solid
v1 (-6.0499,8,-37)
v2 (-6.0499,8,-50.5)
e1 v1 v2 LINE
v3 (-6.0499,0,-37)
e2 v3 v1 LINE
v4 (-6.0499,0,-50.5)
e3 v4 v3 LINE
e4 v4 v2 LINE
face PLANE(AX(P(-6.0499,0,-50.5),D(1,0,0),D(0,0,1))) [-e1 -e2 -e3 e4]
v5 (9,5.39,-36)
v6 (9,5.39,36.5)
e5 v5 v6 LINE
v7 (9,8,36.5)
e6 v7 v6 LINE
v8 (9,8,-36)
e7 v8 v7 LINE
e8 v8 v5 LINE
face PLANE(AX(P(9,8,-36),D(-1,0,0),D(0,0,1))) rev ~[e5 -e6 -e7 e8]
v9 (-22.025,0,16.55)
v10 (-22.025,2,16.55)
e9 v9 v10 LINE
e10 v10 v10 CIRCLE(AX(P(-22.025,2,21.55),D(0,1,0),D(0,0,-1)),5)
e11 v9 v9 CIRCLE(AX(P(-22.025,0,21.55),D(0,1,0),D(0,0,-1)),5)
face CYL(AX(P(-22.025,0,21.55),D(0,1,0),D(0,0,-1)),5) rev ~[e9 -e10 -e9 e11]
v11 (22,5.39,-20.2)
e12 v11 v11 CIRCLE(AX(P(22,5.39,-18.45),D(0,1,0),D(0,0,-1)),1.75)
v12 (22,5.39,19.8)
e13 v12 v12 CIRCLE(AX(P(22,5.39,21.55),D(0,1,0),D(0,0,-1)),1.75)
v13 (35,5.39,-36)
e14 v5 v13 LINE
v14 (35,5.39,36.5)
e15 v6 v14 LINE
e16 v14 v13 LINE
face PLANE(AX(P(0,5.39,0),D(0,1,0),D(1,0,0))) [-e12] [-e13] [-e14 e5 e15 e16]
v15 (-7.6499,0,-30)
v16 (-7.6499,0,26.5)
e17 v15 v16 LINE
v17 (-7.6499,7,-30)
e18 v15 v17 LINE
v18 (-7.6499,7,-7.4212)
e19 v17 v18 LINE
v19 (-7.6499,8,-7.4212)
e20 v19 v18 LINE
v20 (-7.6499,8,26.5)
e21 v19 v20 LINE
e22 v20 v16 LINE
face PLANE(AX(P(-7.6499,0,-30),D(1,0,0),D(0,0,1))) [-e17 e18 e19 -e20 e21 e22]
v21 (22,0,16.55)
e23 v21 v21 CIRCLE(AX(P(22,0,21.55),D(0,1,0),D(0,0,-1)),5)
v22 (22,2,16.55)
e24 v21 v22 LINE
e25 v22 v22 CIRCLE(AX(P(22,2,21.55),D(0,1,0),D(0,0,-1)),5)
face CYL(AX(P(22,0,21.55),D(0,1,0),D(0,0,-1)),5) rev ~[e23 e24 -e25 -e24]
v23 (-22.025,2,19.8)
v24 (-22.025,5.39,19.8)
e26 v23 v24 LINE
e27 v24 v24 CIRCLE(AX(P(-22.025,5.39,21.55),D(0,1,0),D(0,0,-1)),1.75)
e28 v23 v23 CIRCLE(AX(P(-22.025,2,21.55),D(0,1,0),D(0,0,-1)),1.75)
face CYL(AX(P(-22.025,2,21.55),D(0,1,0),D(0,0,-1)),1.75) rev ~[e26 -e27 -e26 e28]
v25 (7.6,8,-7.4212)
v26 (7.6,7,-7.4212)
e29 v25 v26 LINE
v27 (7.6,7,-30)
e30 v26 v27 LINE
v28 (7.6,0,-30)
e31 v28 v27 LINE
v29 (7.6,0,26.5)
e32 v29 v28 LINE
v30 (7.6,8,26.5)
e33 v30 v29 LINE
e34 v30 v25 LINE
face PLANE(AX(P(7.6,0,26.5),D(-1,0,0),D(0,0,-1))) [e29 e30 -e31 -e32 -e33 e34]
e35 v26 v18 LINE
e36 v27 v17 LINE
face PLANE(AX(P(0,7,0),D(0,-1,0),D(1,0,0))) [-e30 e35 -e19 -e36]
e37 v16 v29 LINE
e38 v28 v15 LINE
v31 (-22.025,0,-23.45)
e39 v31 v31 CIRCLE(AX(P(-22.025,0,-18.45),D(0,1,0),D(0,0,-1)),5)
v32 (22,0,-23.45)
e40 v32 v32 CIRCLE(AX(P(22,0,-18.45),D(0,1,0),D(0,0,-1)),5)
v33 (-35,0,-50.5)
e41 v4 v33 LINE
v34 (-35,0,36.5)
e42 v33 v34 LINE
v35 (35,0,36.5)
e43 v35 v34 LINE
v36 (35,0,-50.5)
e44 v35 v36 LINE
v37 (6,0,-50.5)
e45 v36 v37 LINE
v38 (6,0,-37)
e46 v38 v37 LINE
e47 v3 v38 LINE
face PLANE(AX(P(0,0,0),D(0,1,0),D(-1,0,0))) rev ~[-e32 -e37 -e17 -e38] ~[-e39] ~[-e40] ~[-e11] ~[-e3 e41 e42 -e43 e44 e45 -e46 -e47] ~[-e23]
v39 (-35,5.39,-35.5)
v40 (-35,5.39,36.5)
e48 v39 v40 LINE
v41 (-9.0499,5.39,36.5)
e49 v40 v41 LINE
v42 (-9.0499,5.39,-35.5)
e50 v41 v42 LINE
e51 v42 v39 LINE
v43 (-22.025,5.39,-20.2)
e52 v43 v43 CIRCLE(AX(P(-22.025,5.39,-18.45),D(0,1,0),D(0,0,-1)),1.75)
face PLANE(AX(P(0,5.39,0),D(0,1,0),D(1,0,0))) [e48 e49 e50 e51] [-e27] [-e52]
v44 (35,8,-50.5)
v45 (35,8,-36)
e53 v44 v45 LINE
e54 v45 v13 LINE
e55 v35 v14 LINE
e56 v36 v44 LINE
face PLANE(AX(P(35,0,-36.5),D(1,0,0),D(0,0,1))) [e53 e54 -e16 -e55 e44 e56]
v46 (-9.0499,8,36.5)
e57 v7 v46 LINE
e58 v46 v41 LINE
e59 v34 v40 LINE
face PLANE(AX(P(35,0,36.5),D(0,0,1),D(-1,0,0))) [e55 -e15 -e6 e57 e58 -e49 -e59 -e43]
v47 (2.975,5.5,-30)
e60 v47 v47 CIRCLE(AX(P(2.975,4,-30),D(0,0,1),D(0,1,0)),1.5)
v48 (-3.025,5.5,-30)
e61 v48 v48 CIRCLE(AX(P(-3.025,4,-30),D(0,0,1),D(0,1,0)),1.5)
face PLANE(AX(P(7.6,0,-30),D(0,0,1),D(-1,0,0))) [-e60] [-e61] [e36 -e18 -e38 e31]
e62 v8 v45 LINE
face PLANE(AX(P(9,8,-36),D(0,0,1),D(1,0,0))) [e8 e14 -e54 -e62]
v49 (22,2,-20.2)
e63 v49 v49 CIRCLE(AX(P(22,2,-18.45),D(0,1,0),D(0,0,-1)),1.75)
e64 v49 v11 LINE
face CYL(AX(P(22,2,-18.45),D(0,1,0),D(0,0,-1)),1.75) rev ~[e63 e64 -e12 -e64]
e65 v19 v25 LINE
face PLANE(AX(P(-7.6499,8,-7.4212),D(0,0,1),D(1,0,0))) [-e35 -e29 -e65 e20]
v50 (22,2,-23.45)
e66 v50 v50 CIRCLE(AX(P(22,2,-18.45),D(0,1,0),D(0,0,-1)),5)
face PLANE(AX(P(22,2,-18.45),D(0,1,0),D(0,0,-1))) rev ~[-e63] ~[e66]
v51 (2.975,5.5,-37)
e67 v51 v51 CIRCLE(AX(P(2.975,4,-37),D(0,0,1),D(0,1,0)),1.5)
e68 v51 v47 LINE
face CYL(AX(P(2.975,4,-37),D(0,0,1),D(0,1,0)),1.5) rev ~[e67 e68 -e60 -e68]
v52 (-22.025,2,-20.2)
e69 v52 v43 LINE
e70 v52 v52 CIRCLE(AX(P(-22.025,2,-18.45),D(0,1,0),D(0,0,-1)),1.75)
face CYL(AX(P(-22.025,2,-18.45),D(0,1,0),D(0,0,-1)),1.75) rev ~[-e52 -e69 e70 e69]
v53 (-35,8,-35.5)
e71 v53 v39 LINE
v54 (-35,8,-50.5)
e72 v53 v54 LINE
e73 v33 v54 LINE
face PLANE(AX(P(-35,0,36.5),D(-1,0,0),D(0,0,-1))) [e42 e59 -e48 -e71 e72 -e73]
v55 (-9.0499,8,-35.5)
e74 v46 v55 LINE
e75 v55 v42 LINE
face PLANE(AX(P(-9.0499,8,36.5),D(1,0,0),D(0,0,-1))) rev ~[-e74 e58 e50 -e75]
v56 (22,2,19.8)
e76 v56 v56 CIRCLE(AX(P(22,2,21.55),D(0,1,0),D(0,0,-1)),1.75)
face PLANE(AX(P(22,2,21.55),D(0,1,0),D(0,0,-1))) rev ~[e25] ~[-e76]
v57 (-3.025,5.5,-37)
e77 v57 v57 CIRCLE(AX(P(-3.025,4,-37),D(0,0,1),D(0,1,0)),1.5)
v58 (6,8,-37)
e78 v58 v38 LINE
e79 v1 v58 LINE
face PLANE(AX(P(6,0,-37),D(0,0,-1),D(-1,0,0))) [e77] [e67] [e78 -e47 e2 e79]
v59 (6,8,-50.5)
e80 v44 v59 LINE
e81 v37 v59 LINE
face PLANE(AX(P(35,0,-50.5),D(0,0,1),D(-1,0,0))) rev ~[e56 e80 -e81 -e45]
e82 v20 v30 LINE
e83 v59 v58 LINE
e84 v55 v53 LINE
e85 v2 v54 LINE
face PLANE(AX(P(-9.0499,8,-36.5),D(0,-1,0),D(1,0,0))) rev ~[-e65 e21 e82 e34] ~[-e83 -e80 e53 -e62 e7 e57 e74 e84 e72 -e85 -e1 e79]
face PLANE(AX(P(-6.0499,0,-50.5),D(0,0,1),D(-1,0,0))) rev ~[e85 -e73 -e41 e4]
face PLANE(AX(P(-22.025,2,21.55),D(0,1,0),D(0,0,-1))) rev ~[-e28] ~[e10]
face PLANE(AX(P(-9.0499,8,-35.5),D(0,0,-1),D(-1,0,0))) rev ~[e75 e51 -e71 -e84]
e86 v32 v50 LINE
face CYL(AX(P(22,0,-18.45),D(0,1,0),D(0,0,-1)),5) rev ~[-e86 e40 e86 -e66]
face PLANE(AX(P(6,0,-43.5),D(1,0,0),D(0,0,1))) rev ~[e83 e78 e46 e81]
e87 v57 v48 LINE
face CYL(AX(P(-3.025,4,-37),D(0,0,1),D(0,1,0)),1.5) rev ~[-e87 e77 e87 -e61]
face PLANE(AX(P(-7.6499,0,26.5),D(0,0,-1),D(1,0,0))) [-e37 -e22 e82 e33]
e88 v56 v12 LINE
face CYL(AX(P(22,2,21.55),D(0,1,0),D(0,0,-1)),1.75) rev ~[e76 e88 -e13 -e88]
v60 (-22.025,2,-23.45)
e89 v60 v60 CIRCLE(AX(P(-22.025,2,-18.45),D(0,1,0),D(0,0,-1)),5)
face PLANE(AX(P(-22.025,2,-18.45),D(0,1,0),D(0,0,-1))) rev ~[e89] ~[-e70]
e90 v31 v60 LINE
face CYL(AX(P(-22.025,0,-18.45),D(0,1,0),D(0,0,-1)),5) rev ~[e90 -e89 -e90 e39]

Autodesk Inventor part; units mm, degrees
ref_plane "YZ Plane" through (0, 0, 0) normal (1, 0, 0) x (0, 1, 0)
ref_plane "XZ Plane" through (0, 0, 0) normal (0, 1, 0) x (-1, 0, 0)
ref_plane "XY Plane" through (0, 0, 0) normal (0, 0, 1) x (1, 0, 0)
sketch "Sketch1" plane through (0, 0, 0) normal (0, 1, 0) x (-1, 0, 0)
  line L0 (-35, 36.5) -> (35, 36.5)
  line L1 (35, 36.5) -> (35, -36.5)
  line L2 (35, -36.5) -> (-35, -36.5)
  line L3 (-35, -36.5) -> (-35, 36.5)
  line L4 (-35, 36.5) -> (35, -36.5) construction
  line L5 (35, 36.5) -> (-35, -36.5) construction
  line L6 (-35, -36.5) -> (-35, -50.5)
  line L7 (-35, -50.5) -> (-6, -50.5)
  line L8 (6.0499, -50.5) -> (35, -50.5)
  line L9 (35, -50.5) -> (35, -36.5)
  line L10 (6.0499, -36.5) -> (6.0499, -43.5)
  line L11 (6.0499, -43.5) -> (-6, -43.5)
  line L12 (-6, -43.5) -> (-6, -36.5)
  line L13 (-6, -50.5) -> (-6, -43.5)
  line L14 (6.0499, -50.5) -> (6.0499, -43.5)
  point P0 (0, 0)
  dimension "d0" = 70
  dimension "d1" = 73
  dimension "d2" = 14
  dimension "d3" = 29
  dimension "d4" = 7
  dimension "d5" = 87
  dimension "d61" = 7
  dimension "d64" = 12.0499
sketch "Sketch2" plane through (0, 0, 0) normal (0, 1, 0) x (-1, 0, 0)
  point P0 (0, 0)
extrude "Extrusion1" add sketch "Sketch1" along normal blind 8 contours L0 L1 L2 L3 | L2 L12 L13 L7 L6 | L9 L8 L14 L10 L2
sketch "Sketch3" plane through (0, 8, 0) normal (0, 1, 0) x (1, 0, 0)
  line L0 (9, 36) -> (9, -36.5)
  line L1 (35, -36.5) -> (35, 36)
  line L2 (9, 36) -> (35, 36)
  line L3 (6, 50.5) -> (6, 36.5) projected
  line L4 (-9.0499, -36.5) -> (-9.0499, 35.5)
  line L5 (-9.0499, 35.5) -> (-35, 35.5)
  line L6 (-35, 35.5) -> (-35, -36.5)
  line L7 (-35, -36.5) -> (-9.0499, -36.5)
  line L8 (-6.0499, 36.5) -> (-6.0499, 50.5) projected
  line L9 (9, -36.5) -> (35, -36.5)
  point P0 (0, 0)
  point P1 (6, 43.5)
  point P2 (-6.0499, 43.5)
  dimension "d8" = 3
  dimension "d9" = 3
extrude "Extrusion2" cut sketch "Sketch3" against normal blind 2.61
sketch "Sketch4" plane through (0, 0, 0) normal (0, -1, 0) x (1, 0, 0)
  line L0 (-35, 36.5) -> (35, 36.5) projected
  line L1 (-29.525, 36.5) -> (-29.525, -42.6114)
  line L2 (-35, -50.5) -> (-35, 36.5) projected
  line L3 (29.525, 36.5) -> (29.525, -43.7753)
  line L4 (35, 36.5) -> (35, -50.5) projected
  line L5 (-14.525, 36.5) -> (-14.525, -22.6051)
  line L6 (14.5, 36.5) -> (14.5, -47.1695)
  line L7 (-22.025, 36.5) -> (-22.025, -33.1573)
  line L8 (-22.025, 36.5) -> (-22.025, 23.3)
  circle A0 centre (-22.025, 21.55) radius 1.75
  line L9 (-9.0499, 36.5) -> (9, 36.5) projected
  line L10 (22, 36.5) -> (22, -38.3698)
  line L11 (22, 36.5) -> (22, 23.3)
  circle A1 centre (22, 21.55) radius 1.75
  circle A2 centre (22, -18.45) radius 1.75
  circle A3 centre (-22.025, -18.45) radius 1.75
  point P0 (0, 0)
  point P1 (-35, -56.5)
  point P2 (22.1782, -20.1909)
  point P3 (-23.772, -18.5519)
  dimension "d40" = 3.5
  dimension "d45" = 3.5
  dimension "d46" = 3.5
  dimension "d47" = 36.5
  dimension "d48" = 3.5
  dimension "d31" = 5.475
  dimension "d32" = 5.475
  dimension "d33" = 15
  dimension "d38" = 7.5
  dimension "d39" = 13.2
  dimension "d43" = 7.5
  dimension "d44" = 13.2
  dimension "d49" = 40
  dimension "d57" = 14.525
hole "Hole1" at (22, 0, 21.55) at (22, 0, -18.45) at (-22.025, 0, 21.55) at (-22.025, 0, -18.45) direction (0, 1, 0) diameter 3.5 depth 15.664 counterbore diameter 10 counterbore depth 2
sketch "Sketch5" plane through (6, 0, -36.5) normal (0, 0, -1) x (-1, 0, 0)
  line L0 (41, 0) -> (-29, 0) projected
  line L1 (0, 0) -> (15.0499, 0)
  line L2 (15.0499, 0) -> (15.0499, 8)
  line L3 (15.0499, 8) -> (0, 8)
  line L4 (0, 8) -> (0, 0)
  point P0 (6, 0)
extrude "Extrusion3" add sketch "Sketch5" along normal blind 0.5
sketch "Sketch10" plane through (0, 0, 0) normal (0, -1, 0) x (1, 0, 0)
  line L0 (-7.6499, -30) -> (-7.6499, 26.5)
  line L1 (-7.6499, 26.5) -> (7.6, 26.5)
  line L2 (7.6, 26.5) -> (7.6, -30)
  line L3 (7.6, -30) -> (-7.6499, -30)
  line L4 (6, -37) -> (-6.0499, -37) projected
  line L5 (-35, 36.5) -> (35, 36.5) projected
  line L6 (9, 36.5) -> (9, -36) projected
  line L7 (-9.0499, -35.5) -> (-9.0499, 36.5) projected
  point P0 (0, 0)
  dimension "d72" = 7
  dimension "d73" = 10
  dimension "d74" = 1.4
  dimension "d75" = 1.4
extrude "Extrusion4" cut sketch "Sketch10" against normal blind 7
sketch "Sketch12" plane through (6, 0, -37) normal (0, 0, -1) x (-1, 0, 0)
  line L0 (12.0499, 0) -> (12.0499, 8) projected
  line L1 (0, 0) -> (0, 8) projected
  circle A0 centre (3.025, 4) radius 1.5
  circle A1 centre (9.025, 4) radius 1.5
  line L2 (6.025, 1.0105) -> (6.025, 8)
  line L3 (12.0499, 8) -> (0, 8) projected
  point P0 (6, 0)
  dimension "d78" = 12.0499
  dimension "d79" = 3
  dimension "d80" = 3
  dimension "d82" = 3
  dimension "d83" = 3
  dimension "d84" = 2.5
hole "Hole2" at (2.975, 4, -37) at (-3.025, 4, -37) direction (0, 0, 1) diameter 3 depth 10.5 tip angle 118
sketch "Sketch13" plane through (0, 8, 0) normal (0, 1, 0) x (1, 0, 0)
  line L0 (-7.6499, -26.5) -> (7.6, -26.5) projected
  line L1 (-7.7014, -26.5) -> (7.6, -26.5)
  line L2 (7.6, -26.5) -> (7.6, 7.4212)
  line L3 (7.6, -26.5) -> (7.6, 30) projected
  line L4 (-7.6499, 7.4212) -> (-7.6499, -26.5)
  line L5 (-7.6499, 7.4212) -> (7.6, 7.4212)
  point P0 (0, 0)
  point P1 (8.2986, -26.5)
extrude "Extrusion5" cut sketch "Sketch13" against normal blind 10
properties part number "floor-4" material "ABS Plastic"
